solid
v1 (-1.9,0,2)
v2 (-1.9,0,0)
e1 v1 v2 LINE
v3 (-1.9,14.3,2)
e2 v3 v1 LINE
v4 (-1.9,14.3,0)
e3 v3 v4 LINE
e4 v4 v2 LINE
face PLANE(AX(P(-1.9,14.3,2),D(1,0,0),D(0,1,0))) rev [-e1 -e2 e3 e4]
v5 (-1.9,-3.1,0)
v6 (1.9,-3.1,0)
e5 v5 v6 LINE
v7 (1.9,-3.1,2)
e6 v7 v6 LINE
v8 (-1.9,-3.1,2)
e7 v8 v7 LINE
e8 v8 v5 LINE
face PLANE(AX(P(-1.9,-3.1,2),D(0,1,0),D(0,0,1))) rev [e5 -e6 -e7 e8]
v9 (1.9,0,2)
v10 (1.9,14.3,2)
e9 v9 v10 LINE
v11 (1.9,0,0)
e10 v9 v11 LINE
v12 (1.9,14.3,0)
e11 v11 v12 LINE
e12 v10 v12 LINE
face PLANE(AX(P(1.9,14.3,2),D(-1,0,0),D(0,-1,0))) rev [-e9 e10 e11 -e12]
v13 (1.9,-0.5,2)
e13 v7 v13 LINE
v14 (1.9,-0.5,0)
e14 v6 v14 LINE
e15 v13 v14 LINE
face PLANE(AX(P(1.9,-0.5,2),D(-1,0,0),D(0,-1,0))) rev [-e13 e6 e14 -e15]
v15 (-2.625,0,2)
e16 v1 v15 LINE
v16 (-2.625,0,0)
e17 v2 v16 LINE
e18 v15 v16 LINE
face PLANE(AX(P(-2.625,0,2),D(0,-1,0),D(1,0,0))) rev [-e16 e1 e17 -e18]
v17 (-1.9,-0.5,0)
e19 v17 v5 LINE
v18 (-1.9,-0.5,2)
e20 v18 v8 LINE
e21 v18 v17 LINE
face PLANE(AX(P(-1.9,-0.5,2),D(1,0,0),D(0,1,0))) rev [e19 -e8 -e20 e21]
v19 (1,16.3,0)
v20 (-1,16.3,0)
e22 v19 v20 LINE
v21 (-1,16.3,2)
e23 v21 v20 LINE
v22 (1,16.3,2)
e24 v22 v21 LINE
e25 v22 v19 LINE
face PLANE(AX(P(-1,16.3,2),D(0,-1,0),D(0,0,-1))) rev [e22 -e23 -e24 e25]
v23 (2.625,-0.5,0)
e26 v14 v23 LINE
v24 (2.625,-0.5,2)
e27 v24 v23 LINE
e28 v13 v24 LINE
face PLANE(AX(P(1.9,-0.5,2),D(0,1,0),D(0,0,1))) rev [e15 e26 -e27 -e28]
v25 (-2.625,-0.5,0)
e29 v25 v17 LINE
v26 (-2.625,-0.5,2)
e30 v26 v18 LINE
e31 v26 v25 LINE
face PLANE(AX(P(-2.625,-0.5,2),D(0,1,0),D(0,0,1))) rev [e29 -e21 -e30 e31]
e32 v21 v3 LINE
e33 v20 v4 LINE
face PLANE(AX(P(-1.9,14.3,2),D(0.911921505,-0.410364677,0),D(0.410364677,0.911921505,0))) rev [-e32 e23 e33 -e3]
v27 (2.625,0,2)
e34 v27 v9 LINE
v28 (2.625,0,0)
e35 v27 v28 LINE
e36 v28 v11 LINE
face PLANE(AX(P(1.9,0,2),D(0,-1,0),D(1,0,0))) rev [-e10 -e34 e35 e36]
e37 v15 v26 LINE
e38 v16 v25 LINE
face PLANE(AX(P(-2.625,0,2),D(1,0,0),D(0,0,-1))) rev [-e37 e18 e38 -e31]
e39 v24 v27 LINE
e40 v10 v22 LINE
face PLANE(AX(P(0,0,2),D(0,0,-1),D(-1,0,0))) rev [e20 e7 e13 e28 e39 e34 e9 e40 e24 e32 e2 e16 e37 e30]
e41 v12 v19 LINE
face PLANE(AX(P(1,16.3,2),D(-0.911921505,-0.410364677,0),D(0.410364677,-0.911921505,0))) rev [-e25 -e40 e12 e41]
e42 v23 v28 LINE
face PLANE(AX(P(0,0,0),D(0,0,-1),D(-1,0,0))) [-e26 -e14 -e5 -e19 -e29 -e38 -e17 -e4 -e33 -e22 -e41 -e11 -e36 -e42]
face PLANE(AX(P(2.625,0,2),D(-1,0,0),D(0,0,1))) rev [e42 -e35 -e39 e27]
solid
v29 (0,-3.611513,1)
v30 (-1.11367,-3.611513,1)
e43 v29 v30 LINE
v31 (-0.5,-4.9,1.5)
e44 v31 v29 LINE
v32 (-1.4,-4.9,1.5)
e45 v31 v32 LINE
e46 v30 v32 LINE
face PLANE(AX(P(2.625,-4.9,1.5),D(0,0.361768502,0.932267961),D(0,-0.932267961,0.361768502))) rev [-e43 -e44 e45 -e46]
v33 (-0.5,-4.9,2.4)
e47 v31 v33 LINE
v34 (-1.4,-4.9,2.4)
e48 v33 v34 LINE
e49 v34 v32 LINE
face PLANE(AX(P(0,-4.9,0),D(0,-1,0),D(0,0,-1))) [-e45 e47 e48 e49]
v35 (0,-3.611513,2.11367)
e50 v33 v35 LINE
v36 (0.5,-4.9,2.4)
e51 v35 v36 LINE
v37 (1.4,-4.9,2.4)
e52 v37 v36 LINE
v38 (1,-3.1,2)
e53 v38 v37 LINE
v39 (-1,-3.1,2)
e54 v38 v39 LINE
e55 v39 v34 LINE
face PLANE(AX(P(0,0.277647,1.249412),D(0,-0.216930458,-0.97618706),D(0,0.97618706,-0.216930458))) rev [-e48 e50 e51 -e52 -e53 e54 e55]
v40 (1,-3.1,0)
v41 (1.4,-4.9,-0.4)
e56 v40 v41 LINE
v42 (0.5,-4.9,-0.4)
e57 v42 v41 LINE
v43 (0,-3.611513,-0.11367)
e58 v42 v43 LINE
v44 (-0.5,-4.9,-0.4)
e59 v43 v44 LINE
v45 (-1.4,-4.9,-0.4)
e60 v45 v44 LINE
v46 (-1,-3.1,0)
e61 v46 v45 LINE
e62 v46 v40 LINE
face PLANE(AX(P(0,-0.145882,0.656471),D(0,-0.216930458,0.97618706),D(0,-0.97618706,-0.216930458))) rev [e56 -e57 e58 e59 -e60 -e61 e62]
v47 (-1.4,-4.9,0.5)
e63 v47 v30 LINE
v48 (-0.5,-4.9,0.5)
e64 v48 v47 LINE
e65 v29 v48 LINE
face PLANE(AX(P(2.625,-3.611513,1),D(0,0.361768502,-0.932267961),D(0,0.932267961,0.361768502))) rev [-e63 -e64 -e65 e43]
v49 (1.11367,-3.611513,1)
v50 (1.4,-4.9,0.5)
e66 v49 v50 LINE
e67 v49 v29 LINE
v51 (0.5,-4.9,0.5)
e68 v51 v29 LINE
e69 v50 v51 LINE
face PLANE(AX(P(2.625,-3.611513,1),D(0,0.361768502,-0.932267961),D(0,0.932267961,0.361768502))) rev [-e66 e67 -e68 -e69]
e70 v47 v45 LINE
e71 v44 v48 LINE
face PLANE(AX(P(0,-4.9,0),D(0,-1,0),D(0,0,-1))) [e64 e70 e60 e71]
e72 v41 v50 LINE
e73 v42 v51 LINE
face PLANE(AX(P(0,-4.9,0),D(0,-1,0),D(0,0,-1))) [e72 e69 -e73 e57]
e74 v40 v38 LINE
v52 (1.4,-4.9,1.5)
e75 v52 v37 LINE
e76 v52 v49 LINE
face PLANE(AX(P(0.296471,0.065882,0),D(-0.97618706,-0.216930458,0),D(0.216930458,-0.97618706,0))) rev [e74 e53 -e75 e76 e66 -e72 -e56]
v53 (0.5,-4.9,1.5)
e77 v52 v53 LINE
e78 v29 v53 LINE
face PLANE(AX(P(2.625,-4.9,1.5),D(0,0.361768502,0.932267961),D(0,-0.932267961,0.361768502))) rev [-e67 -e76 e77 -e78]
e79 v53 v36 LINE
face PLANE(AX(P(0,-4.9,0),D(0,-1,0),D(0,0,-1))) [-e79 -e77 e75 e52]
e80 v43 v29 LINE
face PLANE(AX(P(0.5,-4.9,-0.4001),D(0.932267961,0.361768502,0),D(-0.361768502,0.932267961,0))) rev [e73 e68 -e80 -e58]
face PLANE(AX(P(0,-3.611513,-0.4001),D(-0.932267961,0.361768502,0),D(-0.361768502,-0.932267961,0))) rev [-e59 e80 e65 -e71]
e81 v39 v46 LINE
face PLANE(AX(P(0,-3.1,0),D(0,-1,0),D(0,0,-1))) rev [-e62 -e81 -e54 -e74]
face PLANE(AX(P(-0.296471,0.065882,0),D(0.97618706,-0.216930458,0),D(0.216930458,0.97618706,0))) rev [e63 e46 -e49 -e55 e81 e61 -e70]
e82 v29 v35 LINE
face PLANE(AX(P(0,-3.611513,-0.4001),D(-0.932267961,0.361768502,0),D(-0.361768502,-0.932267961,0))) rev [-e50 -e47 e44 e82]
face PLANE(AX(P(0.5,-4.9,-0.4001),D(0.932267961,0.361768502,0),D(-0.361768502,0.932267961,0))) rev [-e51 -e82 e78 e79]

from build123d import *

# Parameters (mm, degrees)
BOSS_EXTRUDE1_DEPTH     = 2
SKETCH2_W               = 2
SKETCH2_H               = 2
SKETCH3_W               = 2.8
SKETCH3_H               = 2.8
CUT_EXTRUDE1_DEPTH      = 1.6000001
CUT_EXTRUDE1_DEPTH_BACK = 3.2000001
CUT_EXTRUDE2_DEPTH      = 5.425
CUT_EXTRUDE2_DEPTH_BACK = 1.825


with BuildPart() as part:
    # Sketch1 → Boss-Extrude1 (new body)
    with BuildSketch(Plane.XY):
        Polygon((1.9, 0), (2.625, 0), (2.625, -0.5), (1.9, -0.5), (1.9, -3.1), (-1.9, -3.1), (-1.9, -0.5), (-2.625, -0.5), (-2.625, 0), (-1.9, 0), (-1.9, 14.3), (-1, 16.3), (1, 16.3), (1.9, 14.3), align=None)
    extrude(amount=BOSS_EXTRUDE1_DEPTH)


with BuildPart() as body_2:
    # Sketch2 → Loft1 section 0
    with BuildSketch(Plane.XZ.offset(3.1)):
        with Locations((0, 1)):
            Rectangle(SKETCH2_W, SKETCH2_H)
    # Sketch3 → Loft1 section 1
    with BuildSketch(Plane(origin=(0, -4.9, 0), x_dir=(-1, 0, 0), z_dir=(0, -1, 0))):
        with Locations((0, -1)):
            Rectangle(SKETCH3_W, SKETCH3_H)
    loft()

    # Sketch4 → Cut-Extrude1 (cut, two sides)
    with BuildSketch(Plane.XY.offset(1.8)) as cut_extrude1_sk:
        Polygon((0, -3.611513086), (-0.5, -4.9), (0.5, -4.9), align=None)
    extrude(amount=CUT_EXTRUDE1_DEPTH, mode=Mode.SUBTRACT)
    extrude(cut_extrude1_sk.sketch, amount=-CUT_EXTRUDE1_DEPTH_BACK, mode=Mode.SUBTRACT)

    # Sketch5 → Cut-Extrude2 (cut, two sides)
    with BuildSketch(Plane(origin=(1.8, 0, -1.8), x_dir=(0, 0, 1), z_dir=(-1, 0, 0))) as cut_extrude2_sk:
        Polygon((2.8, -3.611513086), (2.3, -4.9), (3.3, -4.9), align=None)
    extrude(amount=CUT_EXTRUDE2_DEPTH, mode=Mode.SUBTRACT)
    extrude(cut_extrude2_sk.sketch, amount=-CUT_EXTRUDE2_DEPTH_BACK, mode=Mode.SUBTRACT)


solid = Compound([part.part, body_2.part])
